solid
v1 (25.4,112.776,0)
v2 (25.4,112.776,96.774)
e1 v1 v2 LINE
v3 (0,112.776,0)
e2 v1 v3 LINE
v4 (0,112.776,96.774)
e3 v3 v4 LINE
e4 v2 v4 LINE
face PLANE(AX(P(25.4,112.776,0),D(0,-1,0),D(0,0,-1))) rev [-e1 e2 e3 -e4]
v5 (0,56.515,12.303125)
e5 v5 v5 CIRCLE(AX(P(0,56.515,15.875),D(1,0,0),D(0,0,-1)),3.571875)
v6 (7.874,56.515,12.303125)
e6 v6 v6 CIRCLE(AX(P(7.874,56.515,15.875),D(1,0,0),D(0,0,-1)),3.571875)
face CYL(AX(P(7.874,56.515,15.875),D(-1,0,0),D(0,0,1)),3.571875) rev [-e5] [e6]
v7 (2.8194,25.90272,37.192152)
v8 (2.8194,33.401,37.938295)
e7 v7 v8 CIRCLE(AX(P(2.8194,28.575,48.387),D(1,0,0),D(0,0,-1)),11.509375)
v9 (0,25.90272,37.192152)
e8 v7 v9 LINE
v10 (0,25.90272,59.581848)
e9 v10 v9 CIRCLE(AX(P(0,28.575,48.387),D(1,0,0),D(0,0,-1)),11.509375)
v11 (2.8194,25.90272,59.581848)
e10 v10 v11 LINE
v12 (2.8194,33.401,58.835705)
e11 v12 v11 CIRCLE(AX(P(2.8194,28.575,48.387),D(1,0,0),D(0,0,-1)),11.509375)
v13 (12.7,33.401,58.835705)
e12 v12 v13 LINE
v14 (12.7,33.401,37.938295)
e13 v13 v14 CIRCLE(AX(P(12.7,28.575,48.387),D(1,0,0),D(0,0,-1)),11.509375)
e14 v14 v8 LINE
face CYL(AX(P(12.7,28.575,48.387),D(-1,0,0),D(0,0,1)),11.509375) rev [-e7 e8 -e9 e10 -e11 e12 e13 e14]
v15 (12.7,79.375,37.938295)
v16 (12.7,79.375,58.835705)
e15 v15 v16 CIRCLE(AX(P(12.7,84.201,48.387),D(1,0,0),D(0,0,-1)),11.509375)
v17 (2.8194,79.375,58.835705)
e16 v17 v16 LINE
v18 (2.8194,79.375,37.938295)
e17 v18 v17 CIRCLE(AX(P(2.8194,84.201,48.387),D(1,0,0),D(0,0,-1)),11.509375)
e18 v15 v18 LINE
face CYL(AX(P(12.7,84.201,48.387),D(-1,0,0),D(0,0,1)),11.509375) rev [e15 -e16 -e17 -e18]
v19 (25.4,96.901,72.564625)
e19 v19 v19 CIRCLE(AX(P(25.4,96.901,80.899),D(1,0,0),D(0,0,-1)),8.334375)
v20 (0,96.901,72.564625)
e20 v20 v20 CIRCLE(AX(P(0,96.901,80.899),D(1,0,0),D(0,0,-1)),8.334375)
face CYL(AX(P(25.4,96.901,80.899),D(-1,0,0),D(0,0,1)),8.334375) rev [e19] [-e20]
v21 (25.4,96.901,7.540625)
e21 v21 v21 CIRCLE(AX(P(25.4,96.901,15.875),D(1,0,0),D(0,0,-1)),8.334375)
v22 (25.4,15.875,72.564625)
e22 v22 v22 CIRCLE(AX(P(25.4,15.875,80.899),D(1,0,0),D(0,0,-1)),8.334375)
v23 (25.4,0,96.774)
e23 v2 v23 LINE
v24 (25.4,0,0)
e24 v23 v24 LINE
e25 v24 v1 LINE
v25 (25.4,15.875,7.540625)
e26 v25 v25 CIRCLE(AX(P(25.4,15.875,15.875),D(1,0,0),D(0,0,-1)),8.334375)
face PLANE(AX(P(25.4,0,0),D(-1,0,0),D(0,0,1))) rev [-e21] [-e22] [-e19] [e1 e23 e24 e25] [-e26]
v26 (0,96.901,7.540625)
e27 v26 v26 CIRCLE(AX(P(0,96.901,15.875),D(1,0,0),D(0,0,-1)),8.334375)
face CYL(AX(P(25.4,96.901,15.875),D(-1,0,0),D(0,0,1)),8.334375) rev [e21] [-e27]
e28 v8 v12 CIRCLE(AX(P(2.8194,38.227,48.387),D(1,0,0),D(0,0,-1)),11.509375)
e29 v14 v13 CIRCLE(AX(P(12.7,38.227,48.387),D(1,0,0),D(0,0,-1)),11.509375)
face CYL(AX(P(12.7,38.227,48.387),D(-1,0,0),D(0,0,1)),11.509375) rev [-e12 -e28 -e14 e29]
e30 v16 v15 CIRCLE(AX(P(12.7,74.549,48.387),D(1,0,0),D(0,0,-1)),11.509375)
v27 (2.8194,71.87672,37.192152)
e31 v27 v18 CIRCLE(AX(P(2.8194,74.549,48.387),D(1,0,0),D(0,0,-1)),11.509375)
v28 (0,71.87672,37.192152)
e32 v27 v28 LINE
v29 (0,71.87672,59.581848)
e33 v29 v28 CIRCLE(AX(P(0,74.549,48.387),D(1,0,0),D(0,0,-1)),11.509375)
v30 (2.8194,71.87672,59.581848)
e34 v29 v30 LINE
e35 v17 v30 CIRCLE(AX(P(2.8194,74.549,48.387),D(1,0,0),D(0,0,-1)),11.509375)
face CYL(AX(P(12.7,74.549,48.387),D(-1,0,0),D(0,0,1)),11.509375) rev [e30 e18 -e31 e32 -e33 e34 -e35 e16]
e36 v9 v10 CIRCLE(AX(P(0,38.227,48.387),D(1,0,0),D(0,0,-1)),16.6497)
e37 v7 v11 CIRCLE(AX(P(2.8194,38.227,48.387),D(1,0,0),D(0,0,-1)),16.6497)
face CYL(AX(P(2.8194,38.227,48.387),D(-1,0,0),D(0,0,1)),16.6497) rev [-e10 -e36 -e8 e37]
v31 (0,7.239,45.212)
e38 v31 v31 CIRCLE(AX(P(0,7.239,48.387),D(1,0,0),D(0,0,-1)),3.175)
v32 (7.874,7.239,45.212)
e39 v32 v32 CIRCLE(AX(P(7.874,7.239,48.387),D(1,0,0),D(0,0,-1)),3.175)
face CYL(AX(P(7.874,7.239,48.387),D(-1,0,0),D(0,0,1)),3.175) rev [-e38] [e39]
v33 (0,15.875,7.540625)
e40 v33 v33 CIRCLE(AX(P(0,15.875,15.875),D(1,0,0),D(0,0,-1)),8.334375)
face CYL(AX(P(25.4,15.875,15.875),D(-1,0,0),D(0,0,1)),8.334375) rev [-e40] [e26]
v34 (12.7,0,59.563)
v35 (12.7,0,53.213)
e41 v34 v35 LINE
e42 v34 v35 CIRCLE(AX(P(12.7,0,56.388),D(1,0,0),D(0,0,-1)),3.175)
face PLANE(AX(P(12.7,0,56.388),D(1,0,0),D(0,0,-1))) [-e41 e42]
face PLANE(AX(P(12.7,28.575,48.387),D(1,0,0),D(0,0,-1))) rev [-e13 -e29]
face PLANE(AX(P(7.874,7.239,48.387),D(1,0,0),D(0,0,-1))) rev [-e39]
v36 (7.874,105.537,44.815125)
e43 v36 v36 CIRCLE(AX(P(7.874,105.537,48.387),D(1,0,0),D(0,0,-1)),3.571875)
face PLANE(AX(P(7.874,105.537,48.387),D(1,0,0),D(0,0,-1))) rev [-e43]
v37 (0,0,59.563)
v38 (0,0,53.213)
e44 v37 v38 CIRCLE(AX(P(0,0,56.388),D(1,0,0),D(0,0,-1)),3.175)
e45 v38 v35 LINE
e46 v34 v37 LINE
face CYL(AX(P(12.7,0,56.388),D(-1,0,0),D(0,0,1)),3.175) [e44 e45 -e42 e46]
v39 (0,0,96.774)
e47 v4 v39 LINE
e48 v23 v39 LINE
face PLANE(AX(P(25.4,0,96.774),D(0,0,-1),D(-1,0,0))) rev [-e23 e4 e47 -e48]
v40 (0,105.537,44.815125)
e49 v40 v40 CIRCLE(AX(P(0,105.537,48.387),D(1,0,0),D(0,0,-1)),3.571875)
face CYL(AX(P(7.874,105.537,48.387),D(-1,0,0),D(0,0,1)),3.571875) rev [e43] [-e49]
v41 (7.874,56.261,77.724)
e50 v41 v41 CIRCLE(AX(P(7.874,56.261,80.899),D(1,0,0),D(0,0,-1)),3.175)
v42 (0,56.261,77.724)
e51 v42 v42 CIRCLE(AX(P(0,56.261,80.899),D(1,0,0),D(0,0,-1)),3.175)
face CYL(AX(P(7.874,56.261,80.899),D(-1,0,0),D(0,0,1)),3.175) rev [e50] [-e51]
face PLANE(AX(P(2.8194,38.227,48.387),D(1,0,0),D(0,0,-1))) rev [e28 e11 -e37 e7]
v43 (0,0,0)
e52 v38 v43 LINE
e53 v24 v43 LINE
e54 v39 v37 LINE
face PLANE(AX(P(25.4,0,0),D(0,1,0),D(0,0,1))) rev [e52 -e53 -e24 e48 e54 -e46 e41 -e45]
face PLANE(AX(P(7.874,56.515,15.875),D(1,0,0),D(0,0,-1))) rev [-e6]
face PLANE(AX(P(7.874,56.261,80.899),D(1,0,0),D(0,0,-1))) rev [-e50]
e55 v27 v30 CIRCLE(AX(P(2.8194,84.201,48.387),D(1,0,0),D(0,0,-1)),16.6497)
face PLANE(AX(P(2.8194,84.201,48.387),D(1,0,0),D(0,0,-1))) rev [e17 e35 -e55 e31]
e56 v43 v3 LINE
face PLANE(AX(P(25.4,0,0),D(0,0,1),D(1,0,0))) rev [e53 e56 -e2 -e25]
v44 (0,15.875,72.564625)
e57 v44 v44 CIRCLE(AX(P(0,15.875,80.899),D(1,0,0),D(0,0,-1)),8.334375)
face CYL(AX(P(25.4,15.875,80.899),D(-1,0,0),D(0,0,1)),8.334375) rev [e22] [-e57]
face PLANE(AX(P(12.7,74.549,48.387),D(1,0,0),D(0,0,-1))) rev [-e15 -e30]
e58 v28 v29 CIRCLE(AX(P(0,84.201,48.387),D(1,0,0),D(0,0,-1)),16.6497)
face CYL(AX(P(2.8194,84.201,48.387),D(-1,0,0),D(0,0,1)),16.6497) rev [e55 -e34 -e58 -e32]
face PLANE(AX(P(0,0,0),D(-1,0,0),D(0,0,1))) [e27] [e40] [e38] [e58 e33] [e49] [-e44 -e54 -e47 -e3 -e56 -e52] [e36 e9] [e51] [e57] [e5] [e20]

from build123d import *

# Parameters (mm, degrees)
SKETCH1_W           = 112.776
SKETCH1_H           = 96.774
BOSS_EXTRUDE1_DEPTH = 25.4
SKETCH2_R           = 8.334375
CUT_EXTRUDE2_DEPTH  = 151.760715215
SKETCH3_R           = 11.509375
CUT_EXTRUDE3_DEPTH  = 12.7
SKETCH4_R           = 11.509375
CUT_EXTRUDE4_DEPTH  = 12.7
SKETCH5_R           = 16.6497
CUT_EXTRUDE5_DEPTH  = 2.8194
SKETCH6_R           = 3.571875
CUT_EXTRUDE6_DEPTH  = 7.874
SKETCH8_R           = 3.175
CUT_EXTRUDE9_DEPTH  = 7.874
SKETCH9_R           = 3.175
BOSS_EXTRUDE2_DEPTH = 12.7


with BuildPart() as part:
    # Sketch1 → Boss-Extrude1 (new body)
    with BuildSketch(Plane.YZ):
        with Locations((56.388, 48.387)):
            Rectangle(SKETCH1_W, SKETCH1_H)
    extrude(amount=BOSS_EXTRUDE1_DEPTH)

    # Sketch2 → Cut-Extrude2 (cut, through all)
    with BuildSketch(Plane.YZ):
        with Locations(Location((15.875, 15.875, 0), (0, 0, 270))):
            Circle(SKETCH2_R)
        with Locations(Location((96.901, 15.875, 0), (0, 0, 270))):
            Circle(SKETCH2_R)
        with Locations(Location((15.875, 80.899, 0), (0, 0, 270))):
            Circle(SKETCH2_R)
        with Locations(Location((96.901, 80.899, 0), (0, 0, 270))):
            Circle(SKETCH2_R)
    extrude(amount=CUT_EXTRUDE2_DEPTH, mode=Mode.SUBTRACT)

    # Sketch3 → Cut-Extrude3 (cut)
    with BuildSketch(Plane.YZ):
        with Locations(Location((28.575, 48.387, 0), (0, 0, 270))):
            Circle(SKETCH3_R)
        with Locations(Location((74.549, 48.387, 0), (0, 0, 270))):
            Circle(SKETCH3_R)
    extrude(amount=CUT_EXTRUDE3_DEPTH, mode=Mode.SUBTRACT)

    # Sketch4 → Cut-Extrude4 (cut)
    with BuildSketch(Plane.YZ):
        with Locations((38.227, 48.387)):
            Circle(SKETCH4_R)
        with Locations((84.201, 48.387)):
            Circle(SKETCH4_R)
    extrude(amount=CUT_EXTRUDE4_DEPTH, mode=Mode.SUBTRACT)

    # Sketch5 → Cut-Extrude5 (cut)
    with BuildSketch(Plane.YZ):
        with Locations((38.227, 48.387)):
            Circle(SKETCH5_R)
        with Locations((84.201, 48.387)):
            Circle(SKETCH5_R)
    extrude(amount=CUT_EXTRUDE5_DEPTH, mode=Mode.SUBTRACT)

    # Sketch6 → Cut-Extrude6 (cut)
    with BuildSketch(Plane.YZ):
        with Locations(Location((105.537, 48.387, 0), (0, 0, 270))):
            Circle(SKETCH6_R)
        with Locations(Location((56.515, 15.875, 0), (0, 0, 270))):
            Circle(SKETCH6_R)
    extrude(amount=CUT_EXTRUDE6_DEPTH, mode=Mode.SUBTRACT)

    # Sketch8 → Cut-Extrude9 (cut)
    with BuildSketch(Plane.YZ):
        with Locations(Location((7.239, 48.387, 0), (0, 0, 270))):
            Circle(SKETCH8_R)
        with Locations(Location((56.261, 80.899, 0), (0, 0, 270))):
            Circle(SKETCH8_R)
    extrude(amount=CUT_EXTRUDE9_DEPTH, mode=Mode.SUBTRACT)

    # Sketch9 → Boss-Extrude2 (add)
    with BuildSketch(Plane.YZ):
        with Locations((0, 56.388)):
            Circle(SKETCH9_R)
    extrude(amount=BOSS_EXTRUDE2_DEPTH)


solid = part.part
